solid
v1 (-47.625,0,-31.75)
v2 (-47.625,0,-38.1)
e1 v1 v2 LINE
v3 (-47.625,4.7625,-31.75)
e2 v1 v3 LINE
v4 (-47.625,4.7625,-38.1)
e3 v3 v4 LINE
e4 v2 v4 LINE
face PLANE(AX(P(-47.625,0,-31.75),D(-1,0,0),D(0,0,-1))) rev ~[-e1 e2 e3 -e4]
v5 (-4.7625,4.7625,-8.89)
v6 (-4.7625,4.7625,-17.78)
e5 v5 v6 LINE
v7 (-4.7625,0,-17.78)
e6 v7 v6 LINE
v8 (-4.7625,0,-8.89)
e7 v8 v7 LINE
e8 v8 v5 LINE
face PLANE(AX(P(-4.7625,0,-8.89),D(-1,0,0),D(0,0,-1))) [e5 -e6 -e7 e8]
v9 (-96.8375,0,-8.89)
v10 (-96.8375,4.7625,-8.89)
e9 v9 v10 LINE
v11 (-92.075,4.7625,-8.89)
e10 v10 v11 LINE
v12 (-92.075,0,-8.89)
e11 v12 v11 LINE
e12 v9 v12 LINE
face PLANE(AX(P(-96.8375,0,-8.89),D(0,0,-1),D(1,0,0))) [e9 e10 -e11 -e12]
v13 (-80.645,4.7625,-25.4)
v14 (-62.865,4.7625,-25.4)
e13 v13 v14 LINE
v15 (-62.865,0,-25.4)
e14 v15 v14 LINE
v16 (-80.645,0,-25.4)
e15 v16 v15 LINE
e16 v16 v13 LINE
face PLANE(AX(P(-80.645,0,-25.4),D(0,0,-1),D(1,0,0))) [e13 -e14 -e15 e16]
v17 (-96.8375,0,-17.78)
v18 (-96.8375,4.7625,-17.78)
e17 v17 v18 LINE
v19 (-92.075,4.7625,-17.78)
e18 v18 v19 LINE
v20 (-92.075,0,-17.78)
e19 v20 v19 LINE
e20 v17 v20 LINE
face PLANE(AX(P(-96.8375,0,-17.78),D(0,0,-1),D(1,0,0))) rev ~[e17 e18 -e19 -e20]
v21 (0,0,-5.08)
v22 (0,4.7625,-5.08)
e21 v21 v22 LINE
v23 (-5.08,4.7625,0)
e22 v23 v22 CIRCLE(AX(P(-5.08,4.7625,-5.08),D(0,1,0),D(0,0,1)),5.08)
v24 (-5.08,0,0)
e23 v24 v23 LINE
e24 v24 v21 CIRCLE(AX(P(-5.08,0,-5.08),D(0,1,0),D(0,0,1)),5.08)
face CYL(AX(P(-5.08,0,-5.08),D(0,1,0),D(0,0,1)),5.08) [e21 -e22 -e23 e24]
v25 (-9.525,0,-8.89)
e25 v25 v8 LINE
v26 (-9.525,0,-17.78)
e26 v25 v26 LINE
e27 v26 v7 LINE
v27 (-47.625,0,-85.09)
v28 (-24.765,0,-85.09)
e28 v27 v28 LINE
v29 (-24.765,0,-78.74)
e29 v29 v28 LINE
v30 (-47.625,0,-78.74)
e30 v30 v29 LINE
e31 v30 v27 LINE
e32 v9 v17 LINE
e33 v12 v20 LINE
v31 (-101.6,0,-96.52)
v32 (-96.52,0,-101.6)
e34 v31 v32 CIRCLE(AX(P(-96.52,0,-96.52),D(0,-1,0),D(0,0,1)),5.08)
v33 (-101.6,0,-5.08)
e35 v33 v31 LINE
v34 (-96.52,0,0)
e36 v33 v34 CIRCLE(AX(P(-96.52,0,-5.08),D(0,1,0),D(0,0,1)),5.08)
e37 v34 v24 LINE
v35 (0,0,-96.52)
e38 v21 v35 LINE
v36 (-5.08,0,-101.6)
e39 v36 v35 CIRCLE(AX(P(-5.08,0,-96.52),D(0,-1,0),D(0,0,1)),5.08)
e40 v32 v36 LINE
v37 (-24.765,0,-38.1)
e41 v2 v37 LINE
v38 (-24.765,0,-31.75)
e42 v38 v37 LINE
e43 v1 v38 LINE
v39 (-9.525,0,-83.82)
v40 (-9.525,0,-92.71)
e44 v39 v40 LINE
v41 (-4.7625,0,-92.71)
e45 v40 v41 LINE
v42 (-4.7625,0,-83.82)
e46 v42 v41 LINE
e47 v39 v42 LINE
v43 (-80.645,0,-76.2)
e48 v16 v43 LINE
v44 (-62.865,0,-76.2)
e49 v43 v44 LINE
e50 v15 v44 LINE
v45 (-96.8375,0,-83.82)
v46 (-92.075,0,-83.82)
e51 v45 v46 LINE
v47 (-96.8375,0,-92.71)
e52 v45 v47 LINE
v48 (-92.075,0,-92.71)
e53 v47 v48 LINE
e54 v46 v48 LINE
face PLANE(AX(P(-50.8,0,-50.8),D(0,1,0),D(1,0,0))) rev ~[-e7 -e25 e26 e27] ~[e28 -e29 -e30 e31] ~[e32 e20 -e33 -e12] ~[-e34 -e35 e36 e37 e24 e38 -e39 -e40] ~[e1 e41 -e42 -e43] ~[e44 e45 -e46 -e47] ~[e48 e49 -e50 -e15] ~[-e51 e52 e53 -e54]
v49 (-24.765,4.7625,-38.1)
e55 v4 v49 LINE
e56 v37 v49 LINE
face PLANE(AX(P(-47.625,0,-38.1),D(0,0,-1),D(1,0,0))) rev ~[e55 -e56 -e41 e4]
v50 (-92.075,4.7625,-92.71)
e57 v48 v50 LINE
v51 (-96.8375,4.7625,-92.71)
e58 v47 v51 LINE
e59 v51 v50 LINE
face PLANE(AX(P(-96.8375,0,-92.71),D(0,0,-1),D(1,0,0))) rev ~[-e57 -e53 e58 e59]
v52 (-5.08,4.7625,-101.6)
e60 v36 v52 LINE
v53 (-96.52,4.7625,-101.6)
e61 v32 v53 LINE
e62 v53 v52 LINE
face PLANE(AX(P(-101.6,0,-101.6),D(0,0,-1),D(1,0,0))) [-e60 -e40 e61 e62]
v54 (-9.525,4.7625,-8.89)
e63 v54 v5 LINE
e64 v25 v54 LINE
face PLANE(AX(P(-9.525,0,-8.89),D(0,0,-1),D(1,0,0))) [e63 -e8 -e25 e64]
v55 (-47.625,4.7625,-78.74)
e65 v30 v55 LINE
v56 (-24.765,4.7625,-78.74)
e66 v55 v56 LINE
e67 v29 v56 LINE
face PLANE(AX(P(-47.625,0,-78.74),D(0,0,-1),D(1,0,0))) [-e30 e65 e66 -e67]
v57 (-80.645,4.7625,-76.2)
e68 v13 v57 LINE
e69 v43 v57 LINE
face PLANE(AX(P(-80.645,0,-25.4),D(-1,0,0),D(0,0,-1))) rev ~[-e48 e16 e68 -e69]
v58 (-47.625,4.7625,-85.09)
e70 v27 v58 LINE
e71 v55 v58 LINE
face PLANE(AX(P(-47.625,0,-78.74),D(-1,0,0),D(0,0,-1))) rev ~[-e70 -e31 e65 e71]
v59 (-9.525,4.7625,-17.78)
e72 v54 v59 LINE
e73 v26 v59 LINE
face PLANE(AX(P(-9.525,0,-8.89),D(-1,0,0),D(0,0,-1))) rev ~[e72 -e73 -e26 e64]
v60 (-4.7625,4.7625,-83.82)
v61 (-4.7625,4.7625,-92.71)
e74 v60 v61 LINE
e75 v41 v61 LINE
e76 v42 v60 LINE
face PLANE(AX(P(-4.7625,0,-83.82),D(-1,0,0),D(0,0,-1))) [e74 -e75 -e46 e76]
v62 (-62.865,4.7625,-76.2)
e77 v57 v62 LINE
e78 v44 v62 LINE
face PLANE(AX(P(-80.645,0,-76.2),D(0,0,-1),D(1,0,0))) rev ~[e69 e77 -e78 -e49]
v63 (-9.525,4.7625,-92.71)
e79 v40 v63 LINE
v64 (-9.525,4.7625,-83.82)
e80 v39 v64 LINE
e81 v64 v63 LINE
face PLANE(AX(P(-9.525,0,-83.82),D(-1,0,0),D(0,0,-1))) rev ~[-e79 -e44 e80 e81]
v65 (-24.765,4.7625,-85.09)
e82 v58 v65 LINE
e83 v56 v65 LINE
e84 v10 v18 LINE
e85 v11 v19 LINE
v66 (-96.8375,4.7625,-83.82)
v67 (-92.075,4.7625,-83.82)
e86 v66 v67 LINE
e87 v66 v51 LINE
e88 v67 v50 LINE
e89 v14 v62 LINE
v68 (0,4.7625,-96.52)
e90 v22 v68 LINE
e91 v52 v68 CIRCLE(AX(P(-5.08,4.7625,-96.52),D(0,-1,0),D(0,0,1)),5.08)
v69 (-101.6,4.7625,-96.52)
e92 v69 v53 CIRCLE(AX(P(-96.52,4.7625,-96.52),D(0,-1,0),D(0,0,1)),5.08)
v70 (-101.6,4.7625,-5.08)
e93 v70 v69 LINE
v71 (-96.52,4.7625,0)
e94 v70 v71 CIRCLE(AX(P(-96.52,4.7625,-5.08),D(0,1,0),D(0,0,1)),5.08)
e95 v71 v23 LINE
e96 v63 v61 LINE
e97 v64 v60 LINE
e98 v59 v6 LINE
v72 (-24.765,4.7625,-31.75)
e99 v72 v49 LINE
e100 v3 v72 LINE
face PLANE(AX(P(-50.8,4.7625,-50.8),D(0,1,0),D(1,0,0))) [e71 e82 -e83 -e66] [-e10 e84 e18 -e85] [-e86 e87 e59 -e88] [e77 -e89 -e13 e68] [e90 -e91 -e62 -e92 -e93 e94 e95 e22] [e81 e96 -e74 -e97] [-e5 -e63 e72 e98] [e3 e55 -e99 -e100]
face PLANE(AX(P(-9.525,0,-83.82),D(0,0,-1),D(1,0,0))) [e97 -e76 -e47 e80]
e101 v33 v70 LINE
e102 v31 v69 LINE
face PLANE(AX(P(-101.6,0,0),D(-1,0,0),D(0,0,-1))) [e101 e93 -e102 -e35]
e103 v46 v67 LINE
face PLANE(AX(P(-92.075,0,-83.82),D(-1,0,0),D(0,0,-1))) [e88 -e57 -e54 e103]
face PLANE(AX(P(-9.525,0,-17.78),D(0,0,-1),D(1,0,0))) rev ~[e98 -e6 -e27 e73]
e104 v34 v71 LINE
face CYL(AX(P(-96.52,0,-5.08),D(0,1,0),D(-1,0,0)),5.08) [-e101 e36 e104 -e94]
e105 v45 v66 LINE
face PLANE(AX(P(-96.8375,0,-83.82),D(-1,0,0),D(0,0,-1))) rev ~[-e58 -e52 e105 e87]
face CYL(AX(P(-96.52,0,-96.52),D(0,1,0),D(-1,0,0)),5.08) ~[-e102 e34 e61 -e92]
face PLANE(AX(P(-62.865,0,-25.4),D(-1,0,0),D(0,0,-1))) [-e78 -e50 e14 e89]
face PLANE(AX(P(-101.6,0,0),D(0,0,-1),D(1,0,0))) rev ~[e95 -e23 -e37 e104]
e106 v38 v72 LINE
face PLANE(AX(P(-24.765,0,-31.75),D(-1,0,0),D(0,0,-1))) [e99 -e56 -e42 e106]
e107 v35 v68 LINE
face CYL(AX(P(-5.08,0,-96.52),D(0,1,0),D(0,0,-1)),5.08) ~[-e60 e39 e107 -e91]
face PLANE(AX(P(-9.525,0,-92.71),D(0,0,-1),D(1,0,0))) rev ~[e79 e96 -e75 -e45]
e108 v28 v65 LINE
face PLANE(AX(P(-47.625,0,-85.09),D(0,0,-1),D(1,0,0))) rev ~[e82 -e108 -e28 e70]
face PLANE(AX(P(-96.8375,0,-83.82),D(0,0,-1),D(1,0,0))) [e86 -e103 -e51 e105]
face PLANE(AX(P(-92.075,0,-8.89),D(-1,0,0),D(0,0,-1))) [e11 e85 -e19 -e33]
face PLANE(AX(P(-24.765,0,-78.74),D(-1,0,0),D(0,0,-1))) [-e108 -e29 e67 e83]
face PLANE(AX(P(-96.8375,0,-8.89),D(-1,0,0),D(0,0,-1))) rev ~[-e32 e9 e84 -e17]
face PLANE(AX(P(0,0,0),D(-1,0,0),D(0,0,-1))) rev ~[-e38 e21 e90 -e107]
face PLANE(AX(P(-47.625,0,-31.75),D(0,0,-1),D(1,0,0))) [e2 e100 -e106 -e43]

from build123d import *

# Parameters (mm, degrees)
SKETCH1_W           = 101.6
SKETCH1_H           = 101.6
SKETCH1_W_2         = 4.7625
SKETCH1_H_2         = 8.89
SKETCH1_W_3         = 17.78
SKETCH1_H_3         = 50.8
SKETCH1_W_4         = 22.86
SKETCH1_H_4         = 6.35
BOSS_EXTRUDE1_DEPTH = 4.7625
FILLET1_R           = 5.08


with BuildPart() as part:
    # Sketch1 → Boss-Extrude1 (new body)
    with BuildSketch(Plane(origin=(0, 0, 0), x_dir=(1, 0, 0), z_dir=(0, 1, 0))):
        with Locations((-50.8, 50.8)):
            Rectangle(SKETCH1_W, SKETCH1_H)
        with Locations((-94.45625, 13.335)):
            Rectangle(SKETCH1_W_2, SKETCH1_H_2, mode=Mode.SUBTRACT)
        with Locations((-94.45625, 88.265)):
            Rectangle(SKETCH1_W_2, SKETCH1_H_2, mode=Mode.SUBTRACT)
        with Locations((-71.755, 50.8)):
            Rectangle(SKETCH1_W_3, SKETCH1_H_3, mode=Mode.SUBTRACT)
        with Locations((-36.195, 81.915)):
            Rectangle(SKETCH1_W_4, SKETCH1_H_4, mode=Mode.SUBTRACT)
        with Locations((-7.14375, 13.335)):
            Rectangle(SKETCH1_W_2, SKETCH1_H_2, mode=Mode.SUBTRACT)
        with Locations((-7.14375, 88.265)):
            Rectangle(SKETCH1_W_2, SKETCH1_H_2, mode=Mode.SUBTRACT)
        with Locations((-36.195, 34.925)):
            Rectangle(SKETCH1_W_4, SKETCH1_H_4, mode=Mode.SUBTRACT)
    extrude(amount=BOSS_EXTRUDE1_DEPTH)

    # Fillet1
    fillet1_edges = [part.edges().sort_by_distance(p)[0] for p in [
        (0, 2.38125, 0),
        (-101.6, 2.38125, 0),
        (-101.6, 2.38125, -101.6),
        (0, 2.38125, -101.6),
    ]]
    fillet(fillet1_edges, radius=FILLET1_R)


solid = part.part
